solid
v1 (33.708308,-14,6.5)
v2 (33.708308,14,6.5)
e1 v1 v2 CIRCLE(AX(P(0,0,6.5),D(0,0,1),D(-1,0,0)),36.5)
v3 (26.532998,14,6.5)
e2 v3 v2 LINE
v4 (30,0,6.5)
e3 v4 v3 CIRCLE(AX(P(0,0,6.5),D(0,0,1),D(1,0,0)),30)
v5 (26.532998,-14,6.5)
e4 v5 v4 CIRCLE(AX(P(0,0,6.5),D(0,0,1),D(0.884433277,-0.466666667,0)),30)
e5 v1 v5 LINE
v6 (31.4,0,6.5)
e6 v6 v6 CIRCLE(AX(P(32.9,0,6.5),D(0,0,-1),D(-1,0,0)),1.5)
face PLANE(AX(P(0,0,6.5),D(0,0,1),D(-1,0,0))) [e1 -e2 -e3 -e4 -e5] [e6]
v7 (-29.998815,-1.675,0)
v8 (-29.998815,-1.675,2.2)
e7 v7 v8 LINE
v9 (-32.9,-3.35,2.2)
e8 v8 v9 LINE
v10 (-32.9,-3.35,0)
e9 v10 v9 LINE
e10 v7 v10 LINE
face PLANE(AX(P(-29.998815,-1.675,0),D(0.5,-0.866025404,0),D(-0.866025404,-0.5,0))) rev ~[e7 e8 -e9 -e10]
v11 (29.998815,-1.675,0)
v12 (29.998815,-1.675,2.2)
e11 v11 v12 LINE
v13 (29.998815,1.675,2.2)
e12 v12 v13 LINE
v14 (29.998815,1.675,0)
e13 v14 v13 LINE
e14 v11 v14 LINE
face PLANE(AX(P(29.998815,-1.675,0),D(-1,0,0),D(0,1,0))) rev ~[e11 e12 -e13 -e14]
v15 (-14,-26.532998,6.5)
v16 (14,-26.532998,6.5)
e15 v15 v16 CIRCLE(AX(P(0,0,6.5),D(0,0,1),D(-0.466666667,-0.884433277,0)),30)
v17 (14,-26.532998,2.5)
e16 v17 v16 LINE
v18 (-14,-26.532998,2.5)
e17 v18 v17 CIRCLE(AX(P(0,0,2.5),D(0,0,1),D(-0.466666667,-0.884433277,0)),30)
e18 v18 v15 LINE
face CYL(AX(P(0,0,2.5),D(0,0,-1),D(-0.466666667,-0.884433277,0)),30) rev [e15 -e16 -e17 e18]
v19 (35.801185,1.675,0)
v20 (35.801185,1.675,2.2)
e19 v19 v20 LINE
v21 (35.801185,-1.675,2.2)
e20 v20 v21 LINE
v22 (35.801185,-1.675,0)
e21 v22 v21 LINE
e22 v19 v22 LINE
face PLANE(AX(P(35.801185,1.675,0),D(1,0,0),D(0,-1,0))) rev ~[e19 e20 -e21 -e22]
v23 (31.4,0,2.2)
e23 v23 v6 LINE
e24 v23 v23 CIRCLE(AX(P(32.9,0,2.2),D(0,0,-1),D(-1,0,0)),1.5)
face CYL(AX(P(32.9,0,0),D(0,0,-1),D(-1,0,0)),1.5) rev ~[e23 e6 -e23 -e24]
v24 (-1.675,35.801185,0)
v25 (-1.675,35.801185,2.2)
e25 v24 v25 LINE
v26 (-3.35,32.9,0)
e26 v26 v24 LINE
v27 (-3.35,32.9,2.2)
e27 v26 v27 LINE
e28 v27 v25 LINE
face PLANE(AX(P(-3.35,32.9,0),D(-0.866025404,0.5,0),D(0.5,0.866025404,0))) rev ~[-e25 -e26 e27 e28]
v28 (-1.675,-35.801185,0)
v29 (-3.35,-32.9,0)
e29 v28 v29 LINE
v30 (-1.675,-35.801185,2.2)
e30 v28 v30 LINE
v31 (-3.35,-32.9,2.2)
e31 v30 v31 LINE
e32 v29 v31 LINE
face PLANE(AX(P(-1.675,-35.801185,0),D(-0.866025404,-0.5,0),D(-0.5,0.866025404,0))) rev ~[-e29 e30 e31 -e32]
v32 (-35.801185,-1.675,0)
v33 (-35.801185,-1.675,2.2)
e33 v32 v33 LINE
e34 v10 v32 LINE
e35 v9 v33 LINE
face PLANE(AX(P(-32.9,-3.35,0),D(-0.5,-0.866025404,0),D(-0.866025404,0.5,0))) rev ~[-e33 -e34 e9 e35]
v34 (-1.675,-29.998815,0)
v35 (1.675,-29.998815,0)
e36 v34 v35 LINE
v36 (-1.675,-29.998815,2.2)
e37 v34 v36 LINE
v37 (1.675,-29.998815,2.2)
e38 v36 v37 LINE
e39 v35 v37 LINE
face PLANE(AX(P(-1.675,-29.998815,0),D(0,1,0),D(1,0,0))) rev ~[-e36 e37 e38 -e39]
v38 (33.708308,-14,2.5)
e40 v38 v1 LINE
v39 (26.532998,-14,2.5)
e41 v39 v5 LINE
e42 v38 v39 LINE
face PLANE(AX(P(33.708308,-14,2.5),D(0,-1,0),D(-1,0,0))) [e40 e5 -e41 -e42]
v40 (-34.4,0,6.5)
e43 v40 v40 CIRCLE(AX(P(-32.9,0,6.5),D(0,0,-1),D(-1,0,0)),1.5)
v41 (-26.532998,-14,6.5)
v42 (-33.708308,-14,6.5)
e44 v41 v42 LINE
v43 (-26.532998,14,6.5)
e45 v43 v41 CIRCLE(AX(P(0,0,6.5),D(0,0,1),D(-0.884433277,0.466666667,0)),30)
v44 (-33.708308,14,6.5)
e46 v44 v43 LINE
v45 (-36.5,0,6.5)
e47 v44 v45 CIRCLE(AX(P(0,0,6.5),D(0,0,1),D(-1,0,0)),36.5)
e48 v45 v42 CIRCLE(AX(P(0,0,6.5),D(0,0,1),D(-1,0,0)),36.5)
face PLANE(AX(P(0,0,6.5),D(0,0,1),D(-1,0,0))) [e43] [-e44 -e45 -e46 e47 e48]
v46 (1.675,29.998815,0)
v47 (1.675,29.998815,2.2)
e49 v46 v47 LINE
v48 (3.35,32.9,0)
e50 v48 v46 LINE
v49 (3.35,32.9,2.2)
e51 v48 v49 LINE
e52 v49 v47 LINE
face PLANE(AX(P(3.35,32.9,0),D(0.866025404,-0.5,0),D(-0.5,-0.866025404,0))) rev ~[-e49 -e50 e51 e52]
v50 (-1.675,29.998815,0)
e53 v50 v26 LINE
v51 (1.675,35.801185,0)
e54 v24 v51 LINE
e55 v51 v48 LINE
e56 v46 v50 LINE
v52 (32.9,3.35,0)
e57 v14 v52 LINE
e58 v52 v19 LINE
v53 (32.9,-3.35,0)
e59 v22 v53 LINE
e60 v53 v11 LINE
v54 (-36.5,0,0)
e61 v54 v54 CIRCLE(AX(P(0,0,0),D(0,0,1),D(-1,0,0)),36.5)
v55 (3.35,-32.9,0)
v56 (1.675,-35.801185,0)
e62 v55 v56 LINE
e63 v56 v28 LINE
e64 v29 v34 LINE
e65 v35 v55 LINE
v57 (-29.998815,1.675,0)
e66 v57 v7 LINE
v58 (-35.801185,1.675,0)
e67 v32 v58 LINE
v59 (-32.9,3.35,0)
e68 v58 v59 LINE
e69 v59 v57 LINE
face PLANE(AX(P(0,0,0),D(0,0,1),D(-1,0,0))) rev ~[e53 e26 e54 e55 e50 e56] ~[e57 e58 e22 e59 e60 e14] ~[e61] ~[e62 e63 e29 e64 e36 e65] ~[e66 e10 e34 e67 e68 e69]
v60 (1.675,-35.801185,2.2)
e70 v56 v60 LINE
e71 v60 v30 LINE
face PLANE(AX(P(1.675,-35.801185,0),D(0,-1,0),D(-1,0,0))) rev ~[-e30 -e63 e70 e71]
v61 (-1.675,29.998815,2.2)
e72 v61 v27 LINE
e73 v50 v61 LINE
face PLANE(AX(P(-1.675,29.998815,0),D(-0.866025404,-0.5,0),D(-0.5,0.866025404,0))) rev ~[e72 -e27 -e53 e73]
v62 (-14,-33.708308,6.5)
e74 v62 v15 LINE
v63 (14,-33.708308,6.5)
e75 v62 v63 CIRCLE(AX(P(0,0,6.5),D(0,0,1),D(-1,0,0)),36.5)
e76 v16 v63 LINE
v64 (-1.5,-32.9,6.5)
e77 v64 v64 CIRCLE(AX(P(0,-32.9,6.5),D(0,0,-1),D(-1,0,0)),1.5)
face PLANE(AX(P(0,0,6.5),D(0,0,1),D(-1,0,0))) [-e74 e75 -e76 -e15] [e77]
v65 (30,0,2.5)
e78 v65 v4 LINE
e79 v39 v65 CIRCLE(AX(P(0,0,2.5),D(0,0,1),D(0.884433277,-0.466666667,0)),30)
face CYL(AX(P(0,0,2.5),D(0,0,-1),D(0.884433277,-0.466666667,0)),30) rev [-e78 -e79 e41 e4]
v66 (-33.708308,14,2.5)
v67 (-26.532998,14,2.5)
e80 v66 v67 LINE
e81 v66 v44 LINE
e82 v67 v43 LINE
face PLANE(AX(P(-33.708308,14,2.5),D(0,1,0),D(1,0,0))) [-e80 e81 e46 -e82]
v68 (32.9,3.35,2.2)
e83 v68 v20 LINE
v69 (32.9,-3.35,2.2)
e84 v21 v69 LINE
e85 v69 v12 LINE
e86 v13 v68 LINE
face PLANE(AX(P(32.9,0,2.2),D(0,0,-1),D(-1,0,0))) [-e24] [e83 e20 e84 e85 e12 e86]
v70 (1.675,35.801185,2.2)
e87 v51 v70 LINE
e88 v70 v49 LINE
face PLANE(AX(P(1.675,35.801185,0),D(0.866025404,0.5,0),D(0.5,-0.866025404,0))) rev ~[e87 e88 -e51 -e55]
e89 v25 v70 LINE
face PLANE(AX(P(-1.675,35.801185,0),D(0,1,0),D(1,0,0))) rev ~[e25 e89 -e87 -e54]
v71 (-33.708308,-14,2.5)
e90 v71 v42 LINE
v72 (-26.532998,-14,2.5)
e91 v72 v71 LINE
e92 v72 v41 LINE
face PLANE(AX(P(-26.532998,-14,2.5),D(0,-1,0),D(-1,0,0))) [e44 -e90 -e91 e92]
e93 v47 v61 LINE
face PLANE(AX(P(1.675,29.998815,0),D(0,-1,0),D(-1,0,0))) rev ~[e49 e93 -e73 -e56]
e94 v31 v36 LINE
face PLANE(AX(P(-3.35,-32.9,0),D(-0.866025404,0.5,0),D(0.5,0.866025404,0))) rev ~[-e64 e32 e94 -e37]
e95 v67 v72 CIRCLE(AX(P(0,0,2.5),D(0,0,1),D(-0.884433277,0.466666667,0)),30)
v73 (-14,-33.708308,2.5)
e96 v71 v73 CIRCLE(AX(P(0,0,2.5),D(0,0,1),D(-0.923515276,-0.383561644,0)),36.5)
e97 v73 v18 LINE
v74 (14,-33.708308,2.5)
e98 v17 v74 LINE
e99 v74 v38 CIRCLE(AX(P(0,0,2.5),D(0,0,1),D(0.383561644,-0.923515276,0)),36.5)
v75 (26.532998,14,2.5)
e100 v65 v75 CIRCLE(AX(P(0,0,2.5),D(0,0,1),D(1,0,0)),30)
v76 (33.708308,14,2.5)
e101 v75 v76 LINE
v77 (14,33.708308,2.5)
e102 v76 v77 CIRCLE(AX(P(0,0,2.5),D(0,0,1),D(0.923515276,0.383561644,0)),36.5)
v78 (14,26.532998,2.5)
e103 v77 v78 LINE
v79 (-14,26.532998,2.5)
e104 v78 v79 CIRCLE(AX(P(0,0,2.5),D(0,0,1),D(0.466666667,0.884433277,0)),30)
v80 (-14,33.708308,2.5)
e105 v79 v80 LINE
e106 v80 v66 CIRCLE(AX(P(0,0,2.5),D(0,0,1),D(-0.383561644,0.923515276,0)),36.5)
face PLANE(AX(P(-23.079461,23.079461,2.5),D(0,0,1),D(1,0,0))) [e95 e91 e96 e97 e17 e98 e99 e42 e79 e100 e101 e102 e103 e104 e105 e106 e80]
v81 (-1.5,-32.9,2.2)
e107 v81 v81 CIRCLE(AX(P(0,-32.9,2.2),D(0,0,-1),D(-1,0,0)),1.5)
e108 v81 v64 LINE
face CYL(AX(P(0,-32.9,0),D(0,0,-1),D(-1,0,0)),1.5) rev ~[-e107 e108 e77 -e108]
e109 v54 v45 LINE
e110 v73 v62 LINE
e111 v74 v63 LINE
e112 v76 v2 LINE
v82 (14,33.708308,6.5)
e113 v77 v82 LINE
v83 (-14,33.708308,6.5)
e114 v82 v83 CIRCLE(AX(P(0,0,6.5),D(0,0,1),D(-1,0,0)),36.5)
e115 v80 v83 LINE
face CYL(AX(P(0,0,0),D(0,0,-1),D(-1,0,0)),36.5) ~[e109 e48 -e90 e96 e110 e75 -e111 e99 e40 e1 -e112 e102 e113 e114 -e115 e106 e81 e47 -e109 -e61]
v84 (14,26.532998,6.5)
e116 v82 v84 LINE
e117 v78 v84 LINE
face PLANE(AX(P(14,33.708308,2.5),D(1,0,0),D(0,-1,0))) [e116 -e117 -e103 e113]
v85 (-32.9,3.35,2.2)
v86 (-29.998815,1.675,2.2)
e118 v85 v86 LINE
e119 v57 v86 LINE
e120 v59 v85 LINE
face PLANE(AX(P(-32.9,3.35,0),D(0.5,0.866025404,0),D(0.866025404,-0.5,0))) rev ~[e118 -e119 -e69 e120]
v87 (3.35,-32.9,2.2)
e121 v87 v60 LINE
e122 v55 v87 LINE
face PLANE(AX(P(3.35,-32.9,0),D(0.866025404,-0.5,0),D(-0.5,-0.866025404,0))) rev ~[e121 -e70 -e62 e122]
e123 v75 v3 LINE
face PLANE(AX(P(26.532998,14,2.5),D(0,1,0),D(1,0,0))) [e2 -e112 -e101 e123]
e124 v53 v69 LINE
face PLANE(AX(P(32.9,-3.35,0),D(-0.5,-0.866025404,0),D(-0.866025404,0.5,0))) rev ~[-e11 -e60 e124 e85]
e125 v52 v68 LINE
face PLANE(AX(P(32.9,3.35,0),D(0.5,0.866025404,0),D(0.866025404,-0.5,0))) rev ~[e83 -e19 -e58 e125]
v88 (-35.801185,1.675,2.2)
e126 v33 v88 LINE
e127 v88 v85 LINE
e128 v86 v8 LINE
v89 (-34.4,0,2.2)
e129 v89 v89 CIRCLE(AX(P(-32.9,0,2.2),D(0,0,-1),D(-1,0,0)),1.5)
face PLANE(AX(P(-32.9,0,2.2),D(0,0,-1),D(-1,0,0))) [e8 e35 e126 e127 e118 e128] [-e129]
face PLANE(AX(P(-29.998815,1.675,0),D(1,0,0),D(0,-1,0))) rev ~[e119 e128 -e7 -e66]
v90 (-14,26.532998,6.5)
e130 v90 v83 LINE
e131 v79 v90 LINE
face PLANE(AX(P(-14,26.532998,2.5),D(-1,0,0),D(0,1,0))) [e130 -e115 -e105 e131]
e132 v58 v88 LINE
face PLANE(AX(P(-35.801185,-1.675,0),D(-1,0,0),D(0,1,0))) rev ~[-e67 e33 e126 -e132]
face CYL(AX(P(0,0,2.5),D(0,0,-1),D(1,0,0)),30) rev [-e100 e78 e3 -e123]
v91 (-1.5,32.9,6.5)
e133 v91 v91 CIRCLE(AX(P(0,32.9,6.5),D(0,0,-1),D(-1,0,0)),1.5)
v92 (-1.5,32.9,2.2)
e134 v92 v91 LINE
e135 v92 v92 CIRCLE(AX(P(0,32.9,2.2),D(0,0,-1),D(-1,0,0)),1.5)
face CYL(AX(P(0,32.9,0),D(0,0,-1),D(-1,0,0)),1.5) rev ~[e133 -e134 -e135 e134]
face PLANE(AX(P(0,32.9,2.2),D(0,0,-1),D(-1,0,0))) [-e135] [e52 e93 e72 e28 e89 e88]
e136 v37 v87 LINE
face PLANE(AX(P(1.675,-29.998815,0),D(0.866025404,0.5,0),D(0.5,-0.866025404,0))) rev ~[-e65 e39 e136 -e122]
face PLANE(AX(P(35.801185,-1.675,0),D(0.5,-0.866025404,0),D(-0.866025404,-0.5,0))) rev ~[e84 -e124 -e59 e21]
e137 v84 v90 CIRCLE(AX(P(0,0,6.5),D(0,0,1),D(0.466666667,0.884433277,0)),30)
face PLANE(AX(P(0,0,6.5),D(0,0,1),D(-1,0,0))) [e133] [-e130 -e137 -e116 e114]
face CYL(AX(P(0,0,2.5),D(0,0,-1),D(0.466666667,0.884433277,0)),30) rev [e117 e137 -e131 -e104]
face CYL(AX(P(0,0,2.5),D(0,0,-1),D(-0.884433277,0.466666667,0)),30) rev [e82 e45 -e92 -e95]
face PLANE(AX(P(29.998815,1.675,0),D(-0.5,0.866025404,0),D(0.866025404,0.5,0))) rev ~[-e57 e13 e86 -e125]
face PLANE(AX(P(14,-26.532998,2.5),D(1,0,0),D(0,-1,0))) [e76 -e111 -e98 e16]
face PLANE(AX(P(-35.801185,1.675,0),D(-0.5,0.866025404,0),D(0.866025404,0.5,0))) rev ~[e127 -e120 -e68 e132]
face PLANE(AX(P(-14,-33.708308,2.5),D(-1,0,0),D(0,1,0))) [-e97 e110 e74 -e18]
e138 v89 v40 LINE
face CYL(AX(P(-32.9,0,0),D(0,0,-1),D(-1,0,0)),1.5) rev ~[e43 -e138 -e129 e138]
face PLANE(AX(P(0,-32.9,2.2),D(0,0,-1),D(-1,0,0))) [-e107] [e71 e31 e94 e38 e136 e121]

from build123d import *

# Parameters (mm, degrees)
SKETCH_1_R          = 36.5
EXTRUDE_1_DEPTH     = 6.5
CUT_EXTRUDE_START   = -4
CUT_EXTRUDE_2_DEPTH = 4
CUT_EXTRUDE_3_DEPTH = 4
SKETCH_6_R          = 1.5
CUT_EXTRUDE_5_DEPTH = 53.026435588
CUT_EXTRUDE_6_DEPTH = 2.2


with BuildPart() as part:
    # 草图1 → 凸台-拉伸1 (new body)
    with BuildSketch(Plane.XY):
        with Locations(Location((0, 0, 0), (0, 0, 180))):
            Circle(SKETCH_1_R)
    extrude(amount=EXTRUDE_1_DEPTH)

    # 草图3 → 切除-拉伸2 (cut)
    with BuildSketch(Plane.XY.offset(6.5).offset(CUT_EXTRUDE_START)):
        with BuildLine():
            Line((14, 33.708307581), (14, 26.532998323))
            ThreePointArc((14, 26.532998323), (21.213203436, 21.213203436), (26.532998323, 14))
            Line((26.532998323, 14), (33.708307581, 14))
            ThreePointArc((33.708307581, 14), (25.809397513, 25.809397513), (14, 33.708307581))
        make_face()
        with BuildLine():
            ThreePointArc((26.532998323, -14), (21.213203436, -21.213203436), (14, -26.532998323))
            Line((14, -26.532998323), (14, -33.708307581))
            ThreePointArc((14, -33.708307581), (25.809397513, -25.809397513), (33.708307581, -14))
            Line((33.708307581, -14), (26.532998323, -14))
        make_face()
        with BuildLine():
            Line((-14, -33.708307581), (-14, -26.532998323))
            ThreePointArc((-14, -26.532998323), (-21.213203436, -21.213203436), (-26.532998323, -14))
            Line((-26.532998323, -14), (-33.708307581, -14))
            ThreePointArc((-33.708307581, -14), (-25.809397513, -25.809397513), (-14, -33.708307581))
        make_face()
        with BuildLine():
            Line((-33.708307581, 14), (-26.532998323, 14))
            ThreePointArc((-26.532998323, 14), (-21.213203436, 21.213203436), (-14, 26.532998323))
            Line((-14, 26.532998323), (-14, 33.708307581))
            ThreePointArc((-14, 33.708307581), (-25.809397513, 25.809397513), (-33.708307581, 14))
        make_face()
    extrude(amount=CUT_EXTRUDE_2_DEPTH, mode=Mode.SUBTRACT)

    # 草图4 → 切除-拉伸3 (cut)
    with BuildSketch(Plane.XY.offset(6.5).offset(CUT_EXTRUDE_START)):
        with BuildLine():
            ThreePointArc((26.532998323, -14), (29.120353275, -7.211450974), (30, 0))
            ThreePointArc((30, 0), (29.120353275, 7.211450974), (26.532998323, 14))
            ThreePointArc((26.532998323, 14), (21.213203436, 21.213203436), (14, 26.532998323))
            ThreePointArc((14, 26.532998323), (0, 30), (-14, 26.532998323))
            ThreePointArc((-14, 26.532998323), (-21.213203436, 21.213203436), (-26.532998323, 14))
            ThreePointArc((-26.532998323, 14), (-30, 0), (-26.532998323, -14))
            ThreePointArc((-26.532998323, -14), (-21.213203436, -21.213203436), (-14, -26.532998323))
            ThreePointArc((-14, -26.532998323), (0, -30), (14, -26.532998323))
            ThreePointArc((14, -26.532998323), (21.213203436, -21.213203436), (26.532998323, -14))
        make_face()
    extrude(amount=CUT_EXTRUDE_3_DEPTH, mode=Mode.SUBTRACT)

    # 草图6 → 切除-拉伸5 (cut, through all)
    with BuildSketch(Plane(origin=(0, 0, 0), x_dir=(-1, 0, 0), z_dir=(0, 0, -1))):
        with Locations((32.9, 0)):
            Circle(SKETCH_6_R)
        with Locations((0, -32.9)):
            Circle(SKETCH_6_R)
        with Locations((0, 32.9)):
            Circle(SKETCH_6_R)
        with Locations((-32.9, 0)):
            Circle(SKETCH_6_R)
    extrude(amount=-CUT_EXTRUDE_5_DEPTH, mode=Mode.SUBTRACT)

    # 草图8 → 切除-拉伸6 (cut)
    with BuildSketch(Plane(origin=(0, 0, 0), x_dir=(-1, 0, 0), z_dir=(0, 0, -1))):
        Polygon((-29.998814897, -1.675), (-29.998814897, 1.675), (-32.9, 3.35), (-35.801185103, 1.675), (-35.801185103, -1.675), (-32.9, -3.35), align=None)
        Polygon((1.675, -35.801185103), (3.35, -32.9), (1.675, -29.998814897), (-1.675, -29.998814897), (-3.35, -32.9), (-1.675, -35.801185103), align=None)
        Polygon((35.801185103, -1.675), (35.801185103, 1.675), (32.9, 3.35), (29.998814897, 1.675), (29.998814897, -1.675), (32.9, -3.35), align=None)
        Polygon((1.675, 29.998814897), (3.35, 32.9), (1.675, 35.801185103), (-1.675, 35.801185103), (-3.35, 32.9), (-1.675, 29.998814897), align=None)
    extrude(amount=-CUT_EXTRUDE_6_DEPTH, mode=Mode.SUBTRACT)


solid = part.part
